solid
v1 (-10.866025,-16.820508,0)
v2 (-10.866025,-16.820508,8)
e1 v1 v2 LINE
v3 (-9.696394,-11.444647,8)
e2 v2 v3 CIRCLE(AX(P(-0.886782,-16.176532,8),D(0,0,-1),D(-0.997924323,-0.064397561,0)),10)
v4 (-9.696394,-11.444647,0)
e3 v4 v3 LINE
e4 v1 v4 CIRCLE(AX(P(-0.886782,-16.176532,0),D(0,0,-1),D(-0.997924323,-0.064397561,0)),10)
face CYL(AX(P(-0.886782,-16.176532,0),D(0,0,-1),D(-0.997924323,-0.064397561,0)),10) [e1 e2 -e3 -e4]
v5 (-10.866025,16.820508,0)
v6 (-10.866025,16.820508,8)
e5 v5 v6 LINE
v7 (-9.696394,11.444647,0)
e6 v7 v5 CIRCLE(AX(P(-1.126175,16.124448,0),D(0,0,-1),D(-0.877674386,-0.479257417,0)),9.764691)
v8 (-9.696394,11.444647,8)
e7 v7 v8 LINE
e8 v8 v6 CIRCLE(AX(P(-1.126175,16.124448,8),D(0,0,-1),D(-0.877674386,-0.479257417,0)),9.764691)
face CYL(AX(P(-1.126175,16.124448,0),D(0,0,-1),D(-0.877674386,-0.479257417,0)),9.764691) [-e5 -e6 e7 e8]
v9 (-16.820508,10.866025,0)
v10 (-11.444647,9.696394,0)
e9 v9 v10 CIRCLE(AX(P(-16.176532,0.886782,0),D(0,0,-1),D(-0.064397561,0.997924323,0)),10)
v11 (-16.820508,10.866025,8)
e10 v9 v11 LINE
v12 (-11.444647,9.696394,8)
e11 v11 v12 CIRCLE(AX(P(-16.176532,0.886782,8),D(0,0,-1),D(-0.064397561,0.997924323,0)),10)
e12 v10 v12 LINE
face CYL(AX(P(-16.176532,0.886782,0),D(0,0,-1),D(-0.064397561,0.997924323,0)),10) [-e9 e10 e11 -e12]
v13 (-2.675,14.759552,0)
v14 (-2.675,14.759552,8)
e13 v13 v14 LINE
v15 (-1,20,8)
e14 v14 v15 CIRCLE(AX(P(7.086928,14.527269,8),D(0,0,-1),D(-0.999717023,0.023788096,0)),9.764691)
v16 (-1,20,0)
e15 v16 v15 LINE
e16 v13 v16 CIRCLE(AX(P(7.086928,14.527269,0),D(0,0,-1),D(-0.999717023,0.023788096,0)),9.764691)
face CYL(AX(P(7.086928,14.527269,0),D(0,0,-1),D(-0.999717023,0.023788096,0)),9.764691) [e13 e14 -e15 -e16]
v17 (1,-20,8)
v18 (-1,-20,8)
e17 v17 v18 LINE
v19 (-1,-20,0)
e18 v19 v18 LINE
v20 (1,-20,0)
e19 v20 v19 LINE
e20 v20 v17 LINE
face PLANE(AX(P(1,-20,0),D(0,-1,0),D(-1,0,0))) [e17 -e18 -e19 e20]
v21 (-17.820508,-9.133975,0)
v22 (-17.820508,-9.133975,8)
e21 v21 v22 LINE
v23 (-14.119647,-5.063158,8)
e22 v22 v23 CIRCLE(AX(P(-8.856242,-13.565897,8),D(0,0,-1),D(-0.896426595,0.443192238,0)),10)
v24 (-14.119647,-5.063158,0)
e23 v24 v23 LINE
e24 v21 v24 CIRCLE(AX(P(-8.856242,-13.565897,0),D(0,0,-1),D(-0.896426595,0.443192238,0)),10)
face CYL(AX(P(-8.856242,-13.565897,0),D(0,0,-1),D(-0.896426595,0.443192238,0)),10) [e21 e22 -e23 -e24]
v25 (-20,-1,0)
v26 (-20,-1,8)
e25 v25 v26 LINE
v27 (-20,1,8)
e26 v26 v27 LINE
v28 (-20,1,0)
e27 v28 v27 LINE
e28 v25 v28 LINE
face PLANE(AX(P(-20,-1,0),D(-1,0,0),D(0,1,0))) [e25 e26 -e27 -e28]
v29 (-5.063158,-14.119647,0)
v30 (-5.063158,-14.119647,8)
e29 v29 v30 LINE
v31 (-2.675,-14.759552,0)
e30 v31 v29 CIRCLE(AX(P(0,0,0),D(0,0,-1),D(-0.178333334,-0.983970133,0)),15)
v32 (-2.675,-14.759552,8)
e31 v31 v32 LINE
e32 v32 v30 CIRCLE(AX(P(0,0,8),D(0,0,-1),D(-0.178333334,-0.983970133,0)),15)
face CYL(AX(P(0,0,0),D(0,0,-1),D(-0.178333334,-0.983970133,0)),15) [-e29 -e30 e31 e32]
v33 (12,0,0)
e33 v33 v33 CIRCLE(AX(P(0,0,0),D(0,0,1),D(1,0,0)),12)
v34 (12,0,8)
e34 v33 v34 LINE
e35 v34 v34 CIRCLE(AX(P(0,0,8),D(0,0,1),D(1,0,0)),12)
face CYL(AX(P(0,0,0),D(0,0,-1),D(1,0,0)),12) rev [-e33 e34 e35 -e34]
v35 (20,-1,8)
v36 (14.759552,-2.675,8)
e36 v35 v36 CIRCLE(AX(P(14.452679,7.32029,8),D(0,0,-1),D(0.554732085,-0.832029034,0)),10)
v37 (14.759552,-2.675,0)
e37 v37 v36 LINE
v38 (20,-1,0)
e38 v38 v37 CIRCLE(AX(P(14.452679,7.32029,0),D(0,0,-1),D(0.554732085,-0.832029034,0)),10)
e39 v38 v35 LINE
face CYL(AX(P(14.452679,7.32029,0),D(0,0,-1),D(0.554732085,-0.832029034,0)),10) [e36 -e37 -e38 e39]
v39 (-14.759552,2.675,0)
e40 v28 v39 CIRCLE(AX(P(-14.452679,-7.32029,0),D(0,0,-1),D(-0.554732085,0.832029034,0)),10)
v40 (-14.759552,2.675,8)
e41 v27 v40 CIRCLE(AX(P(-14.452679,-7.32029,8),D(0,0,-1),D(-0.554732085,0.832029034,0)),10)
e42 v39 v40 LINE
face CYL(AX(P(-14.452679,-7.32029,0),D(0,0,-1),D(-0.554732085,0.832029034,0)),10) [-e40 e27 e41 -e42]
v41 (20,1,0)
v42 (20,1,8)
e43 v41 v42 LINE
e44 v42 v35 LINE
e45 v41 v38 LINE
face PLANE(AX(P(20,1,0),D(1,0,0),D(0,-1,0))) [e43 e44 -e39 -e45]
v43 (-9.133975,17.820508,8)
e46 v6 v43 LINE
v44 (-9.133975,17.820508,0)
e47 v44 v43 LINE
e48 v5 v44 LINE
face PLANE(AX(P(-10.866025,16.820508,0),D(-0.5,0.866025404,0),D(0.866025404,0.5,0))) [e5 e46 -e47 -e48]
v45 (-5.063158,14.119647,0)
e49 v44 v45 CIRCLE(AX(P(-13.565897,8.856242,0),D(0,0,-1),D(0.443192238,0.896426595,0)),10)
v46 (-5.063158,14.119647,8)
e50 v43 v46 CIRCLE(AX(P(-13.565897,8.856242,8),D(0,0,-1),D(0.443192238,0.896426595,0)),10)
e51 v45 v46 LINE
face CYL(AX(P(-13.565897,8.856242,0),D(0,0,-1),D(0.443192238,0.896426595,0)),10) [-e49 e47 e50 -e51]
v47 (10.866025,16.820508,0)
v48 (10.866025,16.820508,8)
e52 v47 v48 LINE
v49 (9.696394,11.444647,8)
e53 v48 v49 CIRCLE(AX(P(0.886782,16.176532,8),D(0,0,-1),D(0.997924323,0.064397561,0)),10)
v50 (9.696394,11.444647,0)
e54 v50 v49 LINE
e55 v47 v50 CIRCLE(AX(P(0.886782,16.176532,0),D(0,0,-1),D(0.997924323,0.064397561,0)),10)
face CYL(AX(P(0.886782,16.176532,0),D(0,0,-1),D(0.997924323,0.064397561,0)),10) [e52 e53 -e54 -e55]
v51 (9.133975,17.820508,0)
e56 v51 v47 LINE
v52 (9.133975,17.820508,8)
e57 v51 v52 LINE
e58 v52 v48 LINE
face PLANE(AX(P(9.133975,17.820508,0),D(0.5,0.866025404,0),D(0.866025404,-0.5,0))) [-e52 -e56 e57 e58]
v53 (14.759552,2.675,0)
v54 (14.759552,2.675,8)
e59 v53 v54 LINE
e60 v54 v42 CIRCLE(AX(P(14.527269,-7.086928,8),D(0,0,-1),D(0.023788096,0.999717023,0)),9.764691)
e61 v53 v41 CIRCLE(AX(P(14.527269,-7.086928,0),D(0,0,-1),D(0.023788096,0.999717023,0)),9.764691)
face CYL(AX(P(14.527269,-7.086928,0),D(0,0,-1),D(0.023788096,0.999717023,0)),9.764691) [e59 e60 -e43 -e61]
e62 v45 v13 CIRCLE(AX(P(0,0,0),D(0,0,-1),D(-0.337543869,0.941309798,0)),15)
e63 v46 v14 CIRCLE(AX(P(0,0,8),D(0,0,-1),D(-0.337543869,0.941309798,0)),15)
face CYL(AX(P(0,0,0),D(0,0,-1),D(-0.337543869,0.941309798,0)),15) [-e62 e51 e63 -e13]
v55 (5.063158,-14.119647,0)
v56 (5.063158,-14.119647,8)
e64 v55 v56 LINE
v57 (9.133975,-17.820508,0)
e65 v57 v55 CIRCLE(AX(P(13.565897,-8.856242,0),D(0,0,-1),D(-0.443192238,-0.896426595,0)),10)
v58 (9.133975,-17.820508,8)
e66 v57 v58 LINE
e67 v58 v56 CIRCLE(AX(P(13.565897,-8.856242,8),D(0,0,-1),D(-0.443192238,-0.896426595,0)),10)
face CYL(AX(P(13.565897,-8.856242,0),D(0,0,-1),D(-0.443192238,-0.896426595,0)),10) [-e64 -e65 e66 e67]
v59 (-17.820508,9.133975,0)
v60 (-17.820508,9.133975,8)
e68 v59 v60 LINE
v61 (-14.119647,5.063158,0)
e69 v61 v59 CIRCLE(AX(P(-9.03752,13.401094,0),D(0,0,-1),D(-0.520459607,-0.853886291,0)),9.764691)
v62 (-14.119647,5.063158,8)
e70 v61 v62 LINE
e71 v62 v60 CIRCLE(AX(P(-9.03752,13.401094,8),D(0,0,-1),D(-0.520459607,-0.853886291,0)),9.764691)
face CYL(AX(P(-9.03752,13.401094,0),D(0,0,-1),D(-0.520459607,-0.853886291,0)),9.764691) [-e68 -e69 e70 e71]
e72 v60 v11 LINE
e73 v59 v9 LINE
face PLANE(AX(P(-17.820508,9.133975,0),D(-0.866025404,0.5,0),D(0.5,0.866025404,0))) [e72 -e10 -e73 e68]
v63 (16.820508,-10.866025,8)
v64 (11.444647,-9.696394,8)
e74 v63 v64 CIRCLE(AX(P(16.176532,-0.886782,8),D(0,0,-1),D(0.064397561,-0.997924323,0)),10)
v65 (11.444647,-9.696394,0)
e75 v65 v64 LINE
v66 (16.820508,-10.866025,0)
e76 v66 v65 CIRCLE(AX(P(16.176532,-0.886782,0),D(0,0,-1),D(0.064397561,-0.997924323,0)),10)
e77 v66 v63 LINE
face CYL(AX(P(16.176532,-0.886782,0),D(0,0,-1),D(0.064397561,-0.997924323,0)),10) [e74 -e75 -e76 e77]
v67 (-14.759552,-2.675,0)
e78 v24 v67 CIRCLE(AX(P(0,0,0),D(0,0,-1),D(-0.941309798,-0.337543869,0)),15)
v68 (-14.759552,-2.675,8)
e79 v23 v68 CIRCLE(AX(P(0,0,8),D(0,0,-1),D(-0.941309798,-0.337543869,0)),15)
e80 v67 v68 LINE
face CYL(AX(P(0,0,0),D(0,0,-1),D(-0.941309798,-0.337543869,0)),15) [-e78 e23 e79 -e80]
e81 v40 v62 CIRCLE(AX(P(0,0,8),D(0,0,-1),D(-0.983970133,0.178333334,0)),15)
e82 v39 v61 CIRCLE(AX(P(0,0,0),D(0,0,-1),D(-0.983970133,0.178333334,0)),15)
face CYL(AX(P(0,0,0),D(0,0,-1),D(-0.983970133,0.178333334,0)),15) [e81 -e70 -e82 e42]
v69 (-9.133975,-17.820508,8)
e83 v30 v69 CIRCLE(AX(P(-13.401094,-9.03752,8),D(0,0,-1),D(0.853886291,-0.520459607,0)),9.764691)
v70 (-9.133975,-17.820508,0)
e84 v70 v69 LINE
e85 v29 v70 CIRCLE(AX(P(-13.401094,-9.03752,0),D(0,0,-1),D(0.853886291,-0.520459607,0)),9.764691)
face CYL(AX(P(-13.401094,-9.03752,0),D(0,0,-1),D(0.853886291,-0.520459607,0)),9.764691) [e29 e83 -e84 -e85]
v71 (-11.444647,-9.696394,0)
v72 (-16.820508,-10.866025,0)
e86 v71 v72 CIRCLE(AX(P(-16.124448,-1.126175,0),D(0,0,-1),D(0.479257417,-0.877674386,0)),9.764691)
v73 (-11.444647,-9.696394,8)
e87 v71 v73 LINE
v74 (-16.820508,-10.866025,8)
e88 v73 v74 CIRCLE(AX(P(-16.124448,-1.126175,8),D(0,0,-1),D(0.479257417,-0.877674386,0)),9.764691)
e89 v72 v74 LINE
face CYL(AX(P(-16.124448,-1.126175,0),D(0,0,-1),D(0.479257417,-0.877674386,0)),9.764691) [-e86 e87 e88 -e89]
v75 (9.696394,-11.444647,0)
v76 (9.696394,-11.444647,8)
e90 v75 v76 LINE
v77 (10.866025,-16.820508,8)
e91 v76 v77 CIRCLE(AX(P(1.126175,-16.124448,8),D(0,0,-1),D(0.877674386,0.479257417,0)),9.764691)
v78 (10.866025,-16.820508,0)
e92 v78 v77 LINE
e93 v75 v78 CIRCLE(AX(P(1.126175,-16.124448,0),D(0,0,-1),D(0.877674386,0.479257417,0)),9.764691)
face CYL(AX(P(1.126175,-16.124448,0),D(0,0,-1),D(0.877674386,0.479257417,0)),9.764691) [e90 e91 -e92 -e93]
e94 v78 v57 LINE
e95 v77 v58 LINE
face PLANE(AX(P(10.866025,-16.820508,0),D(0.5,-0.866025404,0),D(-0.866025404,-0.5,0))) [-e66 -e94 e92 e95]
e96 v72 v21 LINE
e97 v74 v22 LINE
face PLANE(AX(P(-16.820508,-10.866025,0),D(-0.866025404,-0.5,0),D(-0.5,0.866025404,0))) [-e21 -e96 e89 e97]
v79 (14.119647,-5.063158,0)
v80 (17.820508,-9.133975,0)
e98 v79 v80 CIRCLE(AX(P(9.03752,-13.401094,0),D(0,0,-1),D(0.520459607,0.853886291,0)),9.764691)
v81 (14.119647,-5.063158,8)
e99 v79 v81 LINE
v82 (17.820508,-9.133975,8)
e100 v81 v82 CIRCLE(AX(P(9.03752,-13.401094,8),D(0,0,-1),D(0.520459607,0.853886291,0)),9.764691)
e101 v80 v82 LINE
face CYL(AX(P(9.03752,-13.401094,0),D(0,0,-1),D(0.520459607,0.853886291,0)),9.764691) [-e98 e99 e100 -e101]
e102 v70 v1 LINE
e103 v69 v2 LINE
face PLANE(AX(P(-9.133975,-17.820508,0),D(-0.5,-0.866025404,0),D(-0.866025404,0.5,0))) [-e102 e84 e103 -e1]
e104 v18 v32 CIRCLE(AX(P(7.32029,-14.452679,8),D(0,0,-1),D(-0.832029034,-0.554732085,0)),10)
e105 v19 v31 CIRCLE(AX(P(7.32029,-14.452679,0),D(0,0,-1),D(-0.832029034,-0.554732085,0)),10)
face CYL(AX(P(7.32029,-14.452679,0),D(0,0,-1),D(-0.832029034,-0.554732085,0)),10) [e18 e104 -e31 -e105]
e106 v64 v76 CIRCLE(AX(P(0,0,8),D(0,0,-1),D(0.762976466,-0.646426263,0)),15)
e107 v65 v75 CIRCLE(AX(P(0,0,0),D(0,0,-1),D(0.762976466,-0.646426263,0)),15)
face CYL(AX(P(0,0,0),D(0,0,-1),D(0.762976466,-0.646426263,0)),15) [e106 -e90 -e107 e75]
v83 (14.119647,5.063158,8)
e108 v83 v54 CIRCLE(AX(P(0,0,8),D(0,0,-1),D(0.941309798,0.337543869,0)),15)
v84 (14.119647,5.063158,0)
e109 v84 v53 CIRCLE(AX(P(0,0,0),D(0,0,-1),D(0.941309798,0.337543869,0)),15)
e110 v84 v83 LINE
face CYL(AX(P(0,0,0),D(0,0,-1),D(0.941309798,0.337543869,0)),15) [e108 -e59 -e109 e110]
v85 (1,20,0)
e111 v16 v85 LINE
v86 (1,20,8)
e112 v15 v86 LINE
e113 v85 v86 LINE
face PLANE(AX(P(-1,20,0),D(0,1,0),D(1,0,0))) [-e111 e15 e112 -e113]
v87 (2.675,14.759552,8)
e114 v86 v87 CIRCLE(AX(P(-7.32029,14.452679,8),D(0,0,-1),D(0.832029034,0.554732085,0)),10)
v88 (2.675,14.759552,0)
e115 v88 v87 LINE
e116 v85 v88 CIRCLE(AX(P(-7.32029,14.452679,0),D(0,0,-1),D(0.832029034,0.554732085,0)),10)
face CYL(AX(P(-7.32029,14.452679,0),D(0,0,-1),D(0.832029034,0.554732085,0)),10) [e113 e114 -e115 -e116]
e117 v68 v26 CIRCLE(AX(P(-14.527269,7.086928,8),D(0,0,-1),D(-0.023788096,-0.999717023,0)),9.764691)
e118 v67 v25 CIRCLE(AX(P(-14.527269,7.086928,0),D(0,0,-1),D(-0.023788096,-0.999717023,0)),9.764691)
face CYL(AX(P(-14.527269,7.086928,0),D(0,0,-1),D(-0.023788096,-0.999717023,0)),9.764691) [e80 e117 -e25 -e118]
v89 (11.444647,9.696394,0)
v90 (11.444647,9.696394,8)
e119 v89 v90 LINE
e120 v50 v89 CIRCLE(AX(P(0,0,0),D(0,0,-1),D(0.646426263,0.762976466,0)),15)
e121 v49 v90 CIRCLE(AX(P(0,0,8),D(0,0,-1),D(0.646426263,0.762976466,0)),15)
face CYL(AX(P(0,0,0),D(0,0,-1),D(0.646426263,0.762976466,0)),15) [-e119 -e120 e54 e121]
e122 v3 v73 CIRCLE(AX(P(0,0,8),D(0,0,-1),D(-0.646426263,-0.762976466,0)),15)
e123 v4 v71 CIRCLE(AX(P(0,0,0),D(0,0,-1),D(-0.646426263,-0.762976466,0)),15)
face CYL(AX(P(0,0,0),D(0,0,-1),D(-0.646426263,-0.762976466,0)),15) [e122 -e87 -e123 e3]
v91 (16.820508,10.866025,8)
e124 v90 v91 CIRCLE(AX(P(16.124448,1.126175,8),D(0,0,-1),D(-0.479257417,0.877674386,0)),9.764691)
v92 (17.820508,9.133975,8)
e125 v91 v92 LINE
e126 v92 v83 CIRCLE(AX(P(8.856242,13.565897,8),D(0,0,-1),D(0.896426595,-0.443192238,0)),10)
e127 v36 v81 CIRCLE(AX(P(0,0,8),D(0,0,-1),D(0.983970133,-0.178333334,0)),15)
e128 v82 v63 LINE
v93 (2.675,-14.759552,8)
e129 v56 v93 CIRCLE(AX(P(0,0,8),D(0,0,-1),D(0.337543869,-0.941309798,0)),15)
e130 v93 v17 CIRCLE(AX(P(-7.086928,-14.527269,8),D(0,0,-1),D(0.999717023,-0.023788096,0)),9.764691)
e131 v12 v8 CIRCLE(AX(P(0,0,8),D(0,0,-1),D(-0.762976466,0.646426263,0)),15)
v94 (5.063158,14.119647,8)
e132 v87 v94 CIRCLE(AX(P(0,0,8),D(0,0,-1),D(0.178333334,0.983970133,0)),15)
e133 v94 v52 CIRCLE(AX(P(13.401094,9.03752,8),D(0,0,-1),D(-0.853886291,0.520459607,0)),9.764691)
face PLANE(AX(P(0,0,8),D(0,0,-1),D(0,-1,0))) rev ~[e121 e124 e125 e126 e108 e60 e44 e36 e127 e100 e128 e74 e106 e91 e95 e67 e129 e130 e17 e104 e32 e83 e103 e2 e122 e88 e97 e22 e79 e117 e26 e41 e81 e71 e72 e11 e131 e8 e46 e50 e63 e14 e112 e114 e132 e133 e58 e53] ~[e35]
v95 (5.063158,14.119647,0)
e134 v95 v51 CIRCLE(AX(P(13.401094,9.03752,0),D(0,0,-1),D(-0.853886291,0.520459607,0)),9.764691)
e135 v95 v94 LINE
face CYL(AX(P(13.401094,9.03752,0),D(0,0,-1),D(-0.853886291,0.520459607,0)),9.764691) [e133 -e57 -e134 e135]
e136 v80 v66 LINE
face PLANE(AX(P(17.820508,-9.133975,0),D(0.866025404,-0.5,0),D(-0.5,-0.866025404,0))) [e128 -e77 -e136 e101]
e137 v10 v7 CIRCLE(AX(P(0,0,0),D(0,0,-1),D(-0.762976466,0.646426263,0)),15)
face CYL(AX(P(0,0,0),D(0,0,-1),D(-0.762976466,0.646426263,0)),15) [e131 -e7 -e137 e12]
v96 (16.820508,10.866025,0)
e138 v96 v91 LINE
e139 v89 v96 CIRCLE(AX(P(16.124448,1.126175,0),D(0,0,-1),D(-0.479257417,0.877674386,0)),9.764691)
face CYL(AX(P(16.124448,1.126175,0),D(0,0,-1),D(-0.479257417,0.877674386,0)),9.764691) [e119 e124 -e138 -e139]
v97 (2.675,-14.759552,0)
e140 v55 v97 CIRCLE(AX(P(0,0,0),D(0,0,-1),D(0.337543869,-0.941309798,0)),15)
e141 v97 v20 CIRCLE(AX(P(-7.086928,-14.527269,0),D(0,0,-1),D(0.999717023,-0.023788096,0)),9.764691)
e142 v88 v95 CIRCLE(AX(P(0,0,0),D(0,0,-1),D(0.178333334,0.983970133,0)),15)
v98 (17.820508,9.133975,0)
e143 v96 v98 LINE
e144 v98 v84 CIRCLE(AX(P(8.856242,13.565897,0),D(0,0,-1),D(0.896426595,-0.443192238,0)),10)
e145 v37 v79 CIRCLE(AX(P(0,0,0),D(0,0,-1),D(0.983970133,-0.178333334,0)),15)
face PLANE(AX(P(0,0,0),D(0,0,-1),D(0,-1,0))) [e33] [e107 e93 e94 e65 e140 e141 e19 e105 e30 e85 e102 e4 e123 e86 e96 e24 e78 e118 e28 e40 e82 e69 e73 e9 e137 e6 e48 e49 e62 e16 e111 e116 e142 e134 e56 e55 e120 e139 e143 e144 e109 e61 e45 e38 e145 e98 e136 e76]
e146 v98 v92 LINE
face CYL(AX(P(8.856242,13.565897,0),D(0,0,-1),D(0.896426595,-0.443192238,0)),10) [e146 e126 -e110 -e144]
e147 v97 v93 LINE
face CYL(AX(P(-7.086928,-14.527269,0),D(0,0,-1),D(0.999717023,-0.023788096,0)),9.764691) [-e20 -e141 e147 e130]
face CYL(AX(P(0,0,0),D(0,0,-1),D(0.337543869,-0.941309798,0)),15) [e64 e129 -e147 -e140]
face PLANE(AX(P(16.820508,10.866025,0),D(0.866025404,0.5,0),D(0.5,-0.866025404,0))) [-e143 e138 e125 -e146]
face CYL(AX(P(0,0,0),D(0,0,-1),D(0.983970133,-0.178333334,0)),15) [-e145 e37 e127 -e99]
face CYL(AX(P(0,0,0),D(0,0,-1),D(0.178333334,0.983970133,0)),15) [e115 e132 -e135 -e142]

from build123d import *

# Parameters (mm, degrees)
SKETCH1_R           = 12
BOSS_EXTRUDE1_DEPTH = 8


with BuildPart() as part:
    # Sketch1 → Boss-Extrude1 (new body)
    with BuildSketch(Plane(origin=(0, 0, 0), x_dir=(0, 1, 0), z_dir=(0, 0, 1))):
        with BuildLine():
            Line((20, 1), (20, -1))
            ThreePointArc((20, -1), (17.497232023, -2.204975942), (14.759551992, -2.675))
            ThreePointArc((14.759551992, -2.675), (14.488887394, -3.882285677), (14.119646973, -5.063158041))
            ThreePointArc((14.119646973, -5.063158041), (16.262701001, -6.832536438), (17.820508076, -9.133974596))
            Line((17.820508076, -9.133974596), (16.820508076, -10.866025404))
            ThreePointArc((16.820508076, -10.866025404), (14.050559457, -10.658181192), (11.444646973, -9.696393951))
            ThreePointArc((11.444646973, -9.696393951), (10.606601718, -10.606601718), (9.696393951, -11.444646973))
            ThreePointArc((9.696393951, -11.444646973), (10.667643983, -14.048500628), (10.866025404, -16.820508076))
            Line((10.866025404, -16.820508076), (9.133974596, -17.820508076))
            ThreePointArc((9.133974596, -17.820508076), (6.839050831, -16.255535399), (5.063158041, -14.119646973))
            ThreePointArc((5.063158041, -14.119646973), (3.882285677, -14.488887394), (2.675, -14.759551992))
            ThreePointArc((2.675, -14.759551992), (2.214200373, -17.50018042), (1, -20))
            Line((1, -20), (-1, -20))
            ThreePointArc((-1, -20), (-2.204975942, -17.497232023), (-2.675, -14.759551992))
            ThreePointArc((-2.675, -14.759551992), (-3.882285677, -14.488887394), (-5.063158041, -14.119646973))
            ThreePointArc((-5.063158041, -14.119646973), (-6.832536438, -16.262701001), (-9.133974596, -17.820508076))
            Line((-9.133974596, -17.820508076), (-10.866025404, -16.820508076))
            ThreePointArc((-10.866025404, -16.820508076), (-10.658181192, -14.050559457), (-9.696393951, -11.444646973))
            ThreePointArc((-9.696393951, -11.444646973), (-10.606601718, -10.606601718), (-11.444646973, -9.696393951))
            ThreePointArc((-11.444646973, -9.696393951), (-14.048500628, -10.667643983), (-16.820508076, -10.866025404))
            Line((-16.820508076, -10.866025404), (-17.820508076, -9.133974596))
            ThreePointArc((-17.820508076, -9.133974596), (-16.255535399, -6.839050831), (-14.119646973, -5.063158041))
            ThreePointArc((-14.119646973, -5.063158041), (-14.488887394, -3.882285677), (-14.759551992, -2.675))
            ThreePointArc((-14.759551992, -2.675), (-17.50018042, -2.214200373), (-20, -1))
            Line((-20, -1), (-20, 1))
            ThreePointArc((-20, 1), (-17.497232023, 2.204975942), (-14.759551992, 2.675))
            ThreePointArc((-14.759551992, 2.675), (-14.488887394, 3.882285677), (-14.119646973, 5.063158041))
            ThreePointArc((-14.119646973, 5.063158041), (-16.262701001, 6.832536438), (-17.820508076, 9.133974596))
            Line((-17.820508076, 9.133974596), (-16.820508076, 10.866025404))
            ThreePointArc((-16.820508076, 10.866025404), (-14.050559457, 10.658181192), (-11.444646973, 9.696393951))
            ThreePointArc((-11.444646973, 9.696393951), (-10.606601718, 10.606601718), (-9.696393951, 11.444646973))
            ThreePointArc((-9.696393951, 11.444646973), (-10.667643983, 14.048500628), (-10.866025404, 16.820508076))
            Line((-10.866025404, 16.820508076), (-9.133974596, 17.820508076))
            ThreePointArc((-9.133974596, 17.820508076), (-6.839050831, 16.255535399), (-5.063158041, 14.119646973))
            ThreePointArc((-5.063158041, 14.119646973), (-3.882285677, 14.488887394), (-2.675, 14.759551992))
            ThreePointArc((-2.675, 14.759551992), (-2.214200373, 17.50018042), (-1, 20))
            Line((-1, 20), (1, 20))
            ThreePointArc((1, 20), (2.204975942, 17.497232023), (2.675, 14.759551992))
            ThreePointArc((2.675, 14.759551992), (3.882285677, 14.488887394), (5.063158041, 14.119646973))
            ThreePointArc((5.063158041, 14.119646973), (6.832536438, 16.262701001), (9.133974596, 17.820508076))
            Line((9.133974596, 17.820508076), (10.866025404, 16.820508076))
            ThreePointArc((10.866025404, 16.820508076), (10.658181192, 14.050559457), (9.696393951, 11.444646973))
            ThreePointArc((9.696393951, 11.444646973), (10.606601718, 10.606601718), (11.444646973, 9.696393951))
            ThreePointArc((11.444646973, 9.696393951), (14.048500628, 10.667643983), (16.820508076, 10.866025404))
            Line((16.820508076, 10.866025404), (17.820508076, 9.133974596))
            ThreePointArc((17.820508076, 9.133974596), (16.255535399, 6.839050831), (14.119646973, 5.063158041))
            ThreePointArc((14.119646973, 5.063158041), (14.488887394, 3.882285677), (14.759551992, 2.675))
            ThreePointArc((14.759551992, 2.675), (17.50018042, 2.214200373), (20, 1))
        make_face()
        with Locations(Location((0, 0, 0), (0, 0, 270))):
            Circle(SKETCH1_R, mode=Mode.SUBTRACT)
    extrude(amount=BOSS_EXTRUDE1_DEPTH)


solid = part.part
